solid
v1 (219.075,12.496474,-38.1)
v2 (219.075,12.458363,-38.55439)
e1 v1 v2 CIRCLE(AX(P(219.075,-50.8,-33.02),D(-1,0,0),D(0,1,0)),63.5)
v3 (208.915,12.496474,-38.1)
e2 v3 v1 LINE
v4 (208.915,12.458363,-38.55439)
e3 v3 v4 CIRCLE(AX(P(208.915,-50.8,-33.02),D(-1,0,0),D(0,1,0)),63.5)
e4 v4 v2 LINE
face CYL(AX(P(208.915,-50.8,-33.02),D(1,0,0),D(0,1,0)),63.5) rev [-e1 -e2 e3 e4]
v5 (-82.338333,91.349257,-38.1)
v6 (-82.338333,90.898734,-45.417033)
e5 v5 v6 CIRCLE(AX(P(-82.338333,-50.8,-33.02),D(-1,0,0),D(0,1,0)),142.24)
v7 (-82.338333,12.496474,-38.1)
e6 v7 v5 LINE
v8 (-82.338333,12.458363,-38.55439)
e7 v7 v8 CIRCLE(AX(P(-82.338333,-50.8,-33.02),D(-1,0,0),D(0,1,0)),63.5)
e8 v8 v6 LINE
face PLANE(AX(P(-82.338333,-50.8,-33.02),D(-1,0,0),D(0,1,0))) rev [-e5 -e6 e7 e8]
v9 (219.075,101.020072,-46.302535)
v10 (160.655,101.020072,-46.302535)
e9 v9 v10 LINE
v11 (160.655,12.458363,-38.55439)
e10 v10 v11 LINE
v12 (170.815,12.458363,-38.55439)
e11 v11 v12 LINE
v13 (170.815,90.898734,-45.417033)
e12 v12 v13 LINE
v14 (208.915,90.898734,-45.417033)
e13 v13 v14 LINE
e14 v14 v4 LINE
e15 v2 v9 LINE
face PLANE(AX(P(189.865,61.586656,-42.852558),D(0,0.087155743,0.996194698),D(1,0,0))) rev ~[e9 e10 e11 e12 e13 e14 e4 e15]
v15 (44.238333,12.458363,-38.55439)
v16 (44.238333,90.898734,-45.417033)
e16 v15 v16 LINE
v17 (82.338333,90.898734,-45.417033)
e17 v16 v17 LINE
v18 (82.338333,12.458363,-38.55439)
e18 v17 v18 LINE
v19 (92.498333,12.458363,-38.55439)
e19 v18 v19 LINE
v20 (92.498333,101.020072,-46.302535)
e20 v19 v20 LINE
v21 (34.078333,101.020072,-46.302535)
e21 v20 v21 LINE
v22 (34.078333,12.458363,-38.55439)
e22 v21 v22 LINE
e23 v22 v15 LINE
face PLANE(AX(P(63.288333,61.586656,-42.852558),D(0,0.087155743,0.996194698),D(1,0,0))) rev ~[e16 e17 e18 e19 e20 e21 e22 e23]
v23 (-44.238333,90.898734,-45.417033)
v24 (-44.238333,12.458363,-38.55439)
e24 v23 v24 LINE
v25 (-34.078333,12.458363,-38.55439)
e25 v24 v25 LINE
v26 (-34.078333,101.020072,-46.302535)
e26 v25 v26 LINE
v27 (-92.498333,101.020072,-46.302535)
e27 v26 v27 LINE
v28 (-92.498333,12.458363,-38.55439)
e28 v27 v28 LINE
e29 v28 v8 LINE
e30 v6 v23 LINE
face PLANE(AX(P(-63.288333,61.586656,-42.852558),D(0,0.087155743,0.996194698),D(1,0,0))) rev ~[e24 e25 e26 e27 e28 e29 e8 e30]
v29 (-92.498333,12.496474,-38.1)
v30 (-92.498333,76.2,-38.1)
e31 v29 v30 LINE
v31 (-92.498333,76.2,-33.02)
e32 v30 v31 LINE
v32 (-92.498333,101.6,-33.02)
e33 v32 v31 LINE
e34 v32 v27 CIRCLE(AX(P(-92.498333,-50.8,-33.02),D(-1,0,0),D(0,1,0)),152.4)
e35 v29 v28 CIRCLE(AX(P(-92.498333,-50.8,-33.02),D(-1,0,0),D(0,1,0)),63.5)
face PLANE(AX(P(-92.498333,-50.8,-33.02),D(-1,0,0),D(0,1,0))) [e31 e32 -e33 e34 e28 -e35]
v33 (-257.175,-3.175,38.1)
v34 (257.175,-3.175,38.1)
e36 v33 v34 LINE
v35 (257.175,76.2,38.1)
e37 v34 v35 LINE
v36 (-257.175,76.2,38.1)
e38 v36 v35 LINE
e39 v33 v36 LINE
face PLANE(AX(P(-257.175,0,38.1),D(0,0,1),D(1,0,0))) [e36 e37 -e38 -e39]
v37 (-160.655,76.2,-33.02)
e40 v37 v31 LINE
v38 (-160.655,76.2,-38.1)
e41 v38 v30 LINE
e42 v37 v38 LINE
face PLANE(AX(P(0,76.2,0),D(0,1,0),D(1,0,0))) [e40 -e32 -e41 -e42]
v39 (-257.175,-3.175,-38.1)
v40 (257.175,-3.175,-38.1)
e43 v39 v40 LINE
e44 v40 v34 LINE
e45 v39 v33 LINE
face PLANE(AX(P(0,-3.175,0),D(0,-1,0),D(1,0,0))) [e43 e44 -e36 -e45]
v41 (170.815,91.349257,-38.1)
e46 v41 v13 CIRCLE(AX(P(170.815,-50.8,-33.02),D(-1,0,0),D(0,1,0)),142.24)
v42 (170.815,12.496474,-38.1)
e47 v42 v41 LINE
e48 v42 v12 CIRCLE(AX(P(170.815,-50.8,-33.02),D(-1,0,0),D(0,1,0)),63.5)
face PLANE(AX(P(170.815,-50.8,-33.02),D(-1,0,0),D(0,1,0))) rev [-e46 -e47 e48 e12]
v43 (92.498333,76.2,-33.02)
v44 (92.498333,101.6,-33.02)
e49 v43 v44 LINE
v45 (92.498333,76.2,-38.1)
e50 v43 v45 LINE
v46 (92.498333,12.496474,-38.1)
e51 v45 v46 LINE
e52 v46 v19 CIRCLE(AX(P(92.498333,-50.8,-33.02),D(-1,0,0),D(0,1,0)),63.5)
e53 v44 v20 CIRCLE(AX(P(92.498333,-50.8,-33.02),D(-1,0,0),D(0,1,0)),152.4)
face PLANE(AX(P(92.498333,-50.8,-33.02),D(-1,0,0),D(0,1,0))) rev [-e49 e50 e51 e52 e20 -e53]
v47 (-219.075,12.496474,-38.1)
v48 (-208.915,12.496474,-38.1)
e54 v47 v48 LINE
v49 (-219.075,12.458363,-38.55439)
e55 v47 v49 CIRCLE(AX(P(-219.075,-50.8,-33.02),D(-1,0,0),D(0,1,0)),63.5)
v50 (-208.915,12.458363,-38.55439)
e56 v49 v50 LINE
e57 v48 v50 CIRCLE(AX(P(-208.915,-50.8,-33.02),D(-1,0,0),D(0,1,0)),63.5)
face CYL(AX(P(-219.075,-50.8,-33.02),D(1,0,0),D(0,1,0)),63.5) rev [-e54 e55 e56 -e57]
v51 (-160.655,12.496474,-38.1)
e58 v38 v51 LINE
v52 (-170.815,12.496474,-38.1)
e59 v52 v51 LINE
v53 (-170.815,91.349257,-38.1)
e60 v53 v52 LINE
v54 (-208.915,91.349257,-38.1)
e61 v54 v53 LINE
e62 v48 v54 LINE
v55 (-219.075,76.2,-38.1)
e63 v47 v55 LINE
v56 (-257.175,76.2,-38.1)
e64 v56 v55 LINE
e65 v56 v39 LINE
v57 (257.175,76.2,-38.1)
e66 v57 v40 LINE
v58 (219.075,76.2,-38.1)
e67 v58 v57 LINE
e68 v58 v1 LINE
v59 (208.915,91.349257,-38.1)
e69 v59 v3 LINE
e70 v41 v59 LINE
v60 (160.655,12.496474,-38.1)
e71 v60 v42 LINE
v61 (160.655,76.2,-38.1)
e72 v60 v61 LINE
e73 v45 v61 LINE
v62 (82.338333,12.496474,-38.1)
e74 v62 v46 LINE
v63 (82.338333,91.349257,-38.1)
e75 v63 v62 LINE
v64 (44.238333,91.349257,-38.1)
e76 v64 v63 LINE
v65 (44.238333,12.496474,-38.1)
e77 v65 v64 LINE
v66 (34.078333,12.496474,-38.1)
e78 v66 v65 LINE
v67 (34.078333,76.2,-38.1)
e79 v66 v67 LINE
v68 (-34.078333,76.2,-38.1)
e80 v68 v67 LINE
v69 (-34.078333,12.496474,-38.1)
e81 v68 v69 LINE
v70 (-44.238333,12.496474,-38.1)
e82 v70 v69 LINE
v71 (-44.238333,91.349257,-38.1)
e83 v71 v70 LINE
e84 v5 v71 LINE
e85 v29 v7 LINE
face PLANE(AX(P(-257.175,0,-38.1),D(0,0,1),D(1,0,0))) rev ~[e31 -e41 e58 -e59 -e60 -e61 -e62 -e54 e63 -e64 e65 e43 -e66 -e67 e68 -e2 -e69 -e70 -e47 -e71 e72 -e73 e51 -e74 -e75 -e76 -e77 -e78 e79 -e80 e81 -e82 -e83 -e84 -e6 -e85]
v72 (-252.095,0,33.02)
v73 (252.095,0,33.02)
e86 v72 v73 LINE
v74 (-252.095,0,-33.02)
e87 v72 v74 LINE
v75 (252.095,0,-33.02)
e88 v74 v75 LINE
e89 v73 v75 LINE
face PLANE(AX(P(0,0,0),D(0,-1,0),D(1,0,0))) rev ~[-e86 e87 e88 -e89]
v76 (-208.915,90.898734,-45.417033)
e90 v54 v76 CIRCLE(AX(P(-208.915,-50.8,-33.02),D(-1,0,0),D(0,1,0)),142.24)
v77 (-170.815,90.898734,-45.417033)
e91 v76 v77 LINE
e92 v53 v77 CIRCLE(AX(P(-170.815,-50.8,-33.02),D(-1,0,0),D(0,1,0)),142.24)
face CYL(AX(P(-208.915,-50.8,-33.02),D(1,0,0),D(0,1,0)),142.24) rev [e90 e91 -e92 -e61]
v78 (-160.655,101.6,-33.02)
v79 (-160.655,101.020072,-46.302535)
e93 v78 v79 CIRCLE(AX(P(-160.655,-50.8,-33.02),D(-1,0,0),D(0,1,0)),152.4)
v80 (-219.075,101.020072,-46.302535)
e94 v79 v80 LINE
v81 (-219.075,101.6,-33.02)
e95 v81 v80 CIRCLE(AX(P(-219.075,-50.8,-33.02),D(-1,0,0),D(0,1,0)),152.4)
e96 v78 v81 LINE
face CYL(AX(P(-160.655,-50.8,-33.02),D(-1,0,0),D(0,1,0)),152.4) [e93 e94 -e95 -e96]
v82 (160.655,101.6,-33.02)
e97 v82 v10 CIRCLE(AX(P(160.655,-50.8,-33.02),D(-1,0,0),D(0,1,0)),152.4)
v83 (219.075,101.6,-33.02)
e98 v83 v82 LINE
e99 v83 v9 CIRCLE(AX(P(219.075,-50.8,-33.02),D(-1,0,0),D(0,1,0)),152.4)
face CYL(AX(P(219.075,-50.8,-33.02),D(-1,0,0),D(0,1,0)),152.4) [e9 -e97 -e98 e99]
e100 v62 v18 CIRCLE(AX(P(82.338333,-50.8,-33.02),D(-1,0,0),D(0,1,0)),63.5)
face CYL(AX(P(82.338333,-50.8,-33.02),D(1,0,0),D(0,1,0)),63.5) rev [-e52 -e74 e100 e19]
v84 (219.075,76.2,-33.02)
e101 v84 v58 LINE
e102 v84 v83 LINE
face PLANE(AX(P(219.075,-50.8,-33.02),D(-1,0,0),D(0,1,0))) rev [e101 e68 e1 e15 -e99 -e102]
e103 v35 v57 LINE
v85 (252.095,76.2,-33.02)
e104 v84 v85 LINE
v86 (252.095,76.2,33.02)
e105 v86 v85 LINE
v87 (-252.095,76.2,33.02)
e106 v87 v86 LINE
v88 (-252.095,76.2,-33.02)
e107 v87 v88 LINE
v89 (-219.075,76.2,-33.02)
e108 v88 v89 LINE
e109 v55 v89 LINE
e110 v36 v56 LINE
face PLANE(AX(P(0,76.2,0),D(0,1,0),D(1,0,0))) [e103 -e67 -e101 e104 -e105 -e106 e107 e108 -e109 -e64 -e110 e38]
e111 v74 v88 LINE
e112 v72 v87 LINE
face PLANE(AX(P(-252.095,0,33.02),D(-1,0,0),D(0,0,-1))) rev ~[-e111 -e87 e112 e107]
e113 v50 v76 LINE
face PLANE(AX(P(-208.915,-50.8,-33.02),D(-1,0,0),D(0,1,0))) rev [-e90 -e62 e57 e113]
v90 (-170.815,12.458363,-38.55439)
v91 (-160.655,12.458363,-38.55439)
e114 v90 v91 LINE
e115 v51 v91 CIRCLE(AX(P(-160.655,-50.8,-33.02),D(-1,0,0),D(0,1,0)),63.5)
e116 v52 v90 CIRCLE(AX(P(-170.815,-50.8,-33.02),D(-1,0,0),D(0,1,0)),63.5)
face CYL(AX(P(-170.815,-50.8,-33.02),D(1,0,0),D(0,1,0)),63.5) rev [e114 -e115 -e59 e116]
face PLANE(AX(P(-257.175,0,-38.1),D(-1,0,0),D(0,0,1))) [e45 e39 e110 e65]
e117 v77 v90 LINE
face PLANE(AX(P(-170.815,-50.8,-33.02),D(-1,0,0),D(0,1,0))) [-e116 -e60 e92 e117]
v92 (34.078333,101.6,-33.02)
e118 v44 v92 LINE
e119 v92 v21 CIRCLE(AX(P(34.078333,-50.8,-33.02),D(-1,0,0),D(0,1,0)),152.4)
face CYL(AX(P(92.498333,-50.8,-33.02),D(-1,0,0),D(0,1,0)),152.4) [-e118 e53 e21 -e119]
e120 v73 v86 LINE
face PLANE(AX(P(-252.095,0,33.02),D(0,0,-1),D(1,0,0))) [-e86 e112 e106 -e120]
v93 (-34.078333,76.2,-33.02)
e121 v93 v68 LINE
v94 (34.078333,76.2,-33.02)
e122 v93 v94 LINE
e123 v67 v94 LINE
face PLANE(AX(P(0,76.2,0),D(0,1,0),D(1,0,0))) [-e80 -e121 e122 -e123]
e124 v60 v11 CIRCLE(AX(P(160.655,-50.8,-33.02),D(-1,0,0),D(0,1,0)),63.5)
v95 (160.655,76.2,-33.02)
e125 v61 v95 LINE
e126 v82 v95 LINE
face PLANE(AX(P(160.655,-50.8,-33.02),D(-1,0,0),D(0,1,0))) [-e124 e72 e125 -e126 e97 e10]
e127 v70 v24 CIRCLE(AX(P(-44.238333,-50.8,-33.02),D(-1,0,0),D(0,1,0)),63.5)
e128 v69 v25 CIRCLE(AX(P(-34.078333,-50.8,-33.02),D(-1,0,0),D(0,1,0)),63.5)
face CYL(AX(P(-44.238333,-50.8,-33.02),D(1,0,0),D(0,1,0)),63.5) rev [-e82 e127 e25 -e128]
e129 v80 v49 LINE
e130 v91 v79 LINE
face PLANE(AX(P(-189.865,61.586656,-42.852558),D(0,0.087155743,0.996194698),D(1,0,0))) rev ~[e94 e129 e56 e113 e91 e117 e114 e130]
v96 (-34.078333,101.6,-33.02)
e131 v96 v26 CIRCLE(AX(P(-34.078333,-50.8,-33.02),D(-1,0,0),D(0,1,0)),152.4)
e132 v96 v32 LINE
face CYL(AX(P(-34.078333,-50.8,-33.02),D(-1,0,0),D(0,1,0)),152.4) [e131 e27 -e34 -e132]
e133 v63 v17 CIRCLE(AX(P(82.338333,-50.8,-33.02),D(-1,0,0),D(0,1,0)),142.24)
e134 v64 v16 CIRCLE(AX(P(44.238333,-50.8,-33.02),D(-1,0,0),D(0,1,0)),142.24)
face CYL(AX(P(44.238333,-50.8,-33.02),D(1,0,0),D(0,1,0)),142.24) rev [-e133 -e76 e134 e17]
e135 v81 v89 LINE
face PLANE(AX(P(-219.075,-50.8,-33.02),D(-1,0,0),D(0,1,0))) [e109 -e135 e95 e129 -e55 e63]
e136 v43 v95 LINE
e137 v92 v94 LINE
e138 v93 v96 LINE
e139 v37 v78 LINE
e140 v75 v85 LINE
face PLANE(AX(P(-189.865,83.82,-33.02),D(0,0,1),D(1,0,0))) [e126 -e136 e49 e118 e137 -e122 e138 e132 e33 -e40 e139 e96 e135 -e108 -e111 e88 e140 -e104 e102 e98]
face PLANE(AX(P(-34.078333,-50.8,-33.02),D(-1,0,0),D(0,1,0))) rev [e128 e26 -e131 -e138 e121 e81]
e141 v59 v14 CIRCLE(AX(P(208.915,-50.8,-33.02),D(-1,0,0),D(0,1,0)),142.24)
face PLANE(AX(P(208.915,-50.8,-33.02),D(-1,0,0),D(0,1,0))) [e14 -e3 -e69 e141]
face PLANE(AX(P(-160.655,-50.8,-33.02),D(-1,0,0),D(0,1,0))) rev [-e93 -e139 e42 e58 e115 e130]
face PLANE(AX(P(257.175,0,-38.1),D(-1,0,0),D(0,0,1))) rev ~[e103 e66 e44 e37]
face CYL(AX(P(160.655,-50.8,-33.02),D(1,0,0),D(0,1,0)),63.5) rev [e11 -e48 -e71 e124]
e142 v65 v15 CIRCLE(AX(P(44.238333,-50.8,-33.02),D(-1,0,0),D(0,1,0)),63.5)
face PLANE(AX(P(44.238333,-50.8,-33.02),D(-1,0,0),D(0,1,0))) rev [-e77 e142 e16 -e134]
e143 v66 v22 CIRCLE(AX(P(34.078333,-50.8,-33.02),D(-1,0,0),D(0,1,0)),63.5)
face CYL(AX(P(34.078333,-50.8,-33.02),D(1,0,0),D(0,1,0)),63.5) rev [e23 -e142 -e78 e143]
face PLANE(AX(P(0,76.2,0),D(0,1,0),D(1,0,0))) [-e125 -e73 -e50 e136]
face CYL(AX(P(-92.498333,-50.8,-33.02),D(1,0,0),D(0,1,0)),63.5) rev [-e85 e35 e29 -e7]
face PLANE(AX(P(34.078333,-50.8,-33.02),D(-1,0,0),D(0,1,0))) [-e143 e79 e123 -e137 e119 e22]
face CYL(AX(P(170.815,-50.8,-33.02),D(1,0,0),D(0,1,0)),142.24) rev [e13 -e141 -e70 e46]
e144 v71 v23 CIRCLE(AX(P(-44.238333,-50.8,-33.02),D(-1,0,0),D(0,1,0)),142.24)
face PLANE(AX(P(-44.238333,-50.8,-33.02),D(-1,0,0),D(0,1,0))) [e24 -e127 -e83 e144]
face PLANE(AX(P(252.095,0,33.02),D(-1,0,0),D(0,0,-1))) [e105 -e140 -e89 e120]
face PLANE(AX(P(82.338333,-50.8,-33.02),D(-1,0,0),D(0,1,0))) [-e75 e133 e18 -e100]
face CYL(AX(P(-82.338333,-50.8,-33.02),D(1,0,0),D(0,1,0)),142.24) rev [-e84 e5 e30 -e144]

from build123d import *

# Parameters (mm, degrees)
SKETCH1_W           = 514.35
SKETCH1_H           = 76.2
SKETCH1_W_2         = 504.19
SKETCH1_H_2         = 66.04
BOSS_EXTRUDE1_DEPTH = 76.2
REVOLVE1_ANGLE      = 5
SKETCH3_W           = 38.1
SKETCH3_H           = 15.24
BOSS_EXTRUDE2_DEPTH = 5.08
SKETCH4_W           = 514.35
SKETCH4_H           = 76.2
BOSS_EXTRUDE3_DEPTH = 3.175


with BuildPart() as part:
    # Sketch1 → Boss-Extrude1 (new body)
    with BuildSketch(Plane(origin=(0, 0, 0), x_dir=(1, 0, 0), z_dir=(0, 1, 0))):
        Rectangle(SKETCH1_W, SKETCH1_H)
        Rectangle(SKETCH1_W_2, SKETCH1_H_2, mode=Mode.SUBTRACT)
    extrude(amount=BOSS_EXTRUDE1_DEPTH)

    # Sketch2 → Revolve1 (revolve)
    with BuildSketch(Plane(origin=(0, 0, -33.02), x_dir=(-1, 0, 0), z_dir=(0, 0, -1))):
        Polygon((-219.075, 12.7), (-219.075, 101.6), (-160.655, 101.6), (-160.655, 12.7), (-170.815, 12.7), (-170.815, 91.44), (-208.915, 91.44), (-208.915, 12.7), align=None)
        Polygon((-82.338333333, 12.7), (-92.498333333, 12.7), (-92.498333333, 101.6), (-34.078333333, 101.6), (-34.078333333, 12.7), (-44.238333333, 12.7), (-44.238333333, 91.44), (-82.338333333, 91.44), align=None)
        Polygon((44.238333333, 12.7), (34.078333333, 12.7), (34.078333333, 101.6), (92.498333333, 101.6), (92.498333333, 12.7), (82.338333333, 12.7), (82.338333333, 91.44), (44.238333333, 91.44), align=None)
        Polygon((170.815, 12.7), (160.655, 12.7), (160.655, 101.6), (219.075, 101.6), (219.075, 12.7), (208.915, 12.7), (208.915, 91.44), (170.815, 91.44), align=None)
    revolve(axis=Axis((275.97212821, -50.8, -33.02), (-1, 0, 0)), revolution_arc=REVOLVE1_ANGLE)

    # Sketch3 → Boss-Extrude2 (add)
    with BuildSketch(Plane.XY.offset(-33.02)):
        with Locations((-189.865, 83.82)):
            Rectangle(SKETCH3_W, SKETCH3_H)
        with Locations((-63.288333333, 83.82)):
            Rectangle(SKETCH3_W, SKETCH3_H)
        with Locations((63.288333333, 83.82)):
            Rectangle(SKETCH3_W, SKETCH3_H)
        with Locations((189.865, 83.82)):
            Rectangle(SKETCH3_W, SKETCH3_H)
    extrude(amount=-BOSS_EXTRUDE2_DEPTH)

    # Sketch4 → Boss-Extrude3 (add)
    with BuildSketch(Plane.XZ):
        Rectangle(SKETCH4_W, SKETCH4_H)
    extrude(amount=BOSS_EXTRUDE3_DEPTH)


solid = part.part
